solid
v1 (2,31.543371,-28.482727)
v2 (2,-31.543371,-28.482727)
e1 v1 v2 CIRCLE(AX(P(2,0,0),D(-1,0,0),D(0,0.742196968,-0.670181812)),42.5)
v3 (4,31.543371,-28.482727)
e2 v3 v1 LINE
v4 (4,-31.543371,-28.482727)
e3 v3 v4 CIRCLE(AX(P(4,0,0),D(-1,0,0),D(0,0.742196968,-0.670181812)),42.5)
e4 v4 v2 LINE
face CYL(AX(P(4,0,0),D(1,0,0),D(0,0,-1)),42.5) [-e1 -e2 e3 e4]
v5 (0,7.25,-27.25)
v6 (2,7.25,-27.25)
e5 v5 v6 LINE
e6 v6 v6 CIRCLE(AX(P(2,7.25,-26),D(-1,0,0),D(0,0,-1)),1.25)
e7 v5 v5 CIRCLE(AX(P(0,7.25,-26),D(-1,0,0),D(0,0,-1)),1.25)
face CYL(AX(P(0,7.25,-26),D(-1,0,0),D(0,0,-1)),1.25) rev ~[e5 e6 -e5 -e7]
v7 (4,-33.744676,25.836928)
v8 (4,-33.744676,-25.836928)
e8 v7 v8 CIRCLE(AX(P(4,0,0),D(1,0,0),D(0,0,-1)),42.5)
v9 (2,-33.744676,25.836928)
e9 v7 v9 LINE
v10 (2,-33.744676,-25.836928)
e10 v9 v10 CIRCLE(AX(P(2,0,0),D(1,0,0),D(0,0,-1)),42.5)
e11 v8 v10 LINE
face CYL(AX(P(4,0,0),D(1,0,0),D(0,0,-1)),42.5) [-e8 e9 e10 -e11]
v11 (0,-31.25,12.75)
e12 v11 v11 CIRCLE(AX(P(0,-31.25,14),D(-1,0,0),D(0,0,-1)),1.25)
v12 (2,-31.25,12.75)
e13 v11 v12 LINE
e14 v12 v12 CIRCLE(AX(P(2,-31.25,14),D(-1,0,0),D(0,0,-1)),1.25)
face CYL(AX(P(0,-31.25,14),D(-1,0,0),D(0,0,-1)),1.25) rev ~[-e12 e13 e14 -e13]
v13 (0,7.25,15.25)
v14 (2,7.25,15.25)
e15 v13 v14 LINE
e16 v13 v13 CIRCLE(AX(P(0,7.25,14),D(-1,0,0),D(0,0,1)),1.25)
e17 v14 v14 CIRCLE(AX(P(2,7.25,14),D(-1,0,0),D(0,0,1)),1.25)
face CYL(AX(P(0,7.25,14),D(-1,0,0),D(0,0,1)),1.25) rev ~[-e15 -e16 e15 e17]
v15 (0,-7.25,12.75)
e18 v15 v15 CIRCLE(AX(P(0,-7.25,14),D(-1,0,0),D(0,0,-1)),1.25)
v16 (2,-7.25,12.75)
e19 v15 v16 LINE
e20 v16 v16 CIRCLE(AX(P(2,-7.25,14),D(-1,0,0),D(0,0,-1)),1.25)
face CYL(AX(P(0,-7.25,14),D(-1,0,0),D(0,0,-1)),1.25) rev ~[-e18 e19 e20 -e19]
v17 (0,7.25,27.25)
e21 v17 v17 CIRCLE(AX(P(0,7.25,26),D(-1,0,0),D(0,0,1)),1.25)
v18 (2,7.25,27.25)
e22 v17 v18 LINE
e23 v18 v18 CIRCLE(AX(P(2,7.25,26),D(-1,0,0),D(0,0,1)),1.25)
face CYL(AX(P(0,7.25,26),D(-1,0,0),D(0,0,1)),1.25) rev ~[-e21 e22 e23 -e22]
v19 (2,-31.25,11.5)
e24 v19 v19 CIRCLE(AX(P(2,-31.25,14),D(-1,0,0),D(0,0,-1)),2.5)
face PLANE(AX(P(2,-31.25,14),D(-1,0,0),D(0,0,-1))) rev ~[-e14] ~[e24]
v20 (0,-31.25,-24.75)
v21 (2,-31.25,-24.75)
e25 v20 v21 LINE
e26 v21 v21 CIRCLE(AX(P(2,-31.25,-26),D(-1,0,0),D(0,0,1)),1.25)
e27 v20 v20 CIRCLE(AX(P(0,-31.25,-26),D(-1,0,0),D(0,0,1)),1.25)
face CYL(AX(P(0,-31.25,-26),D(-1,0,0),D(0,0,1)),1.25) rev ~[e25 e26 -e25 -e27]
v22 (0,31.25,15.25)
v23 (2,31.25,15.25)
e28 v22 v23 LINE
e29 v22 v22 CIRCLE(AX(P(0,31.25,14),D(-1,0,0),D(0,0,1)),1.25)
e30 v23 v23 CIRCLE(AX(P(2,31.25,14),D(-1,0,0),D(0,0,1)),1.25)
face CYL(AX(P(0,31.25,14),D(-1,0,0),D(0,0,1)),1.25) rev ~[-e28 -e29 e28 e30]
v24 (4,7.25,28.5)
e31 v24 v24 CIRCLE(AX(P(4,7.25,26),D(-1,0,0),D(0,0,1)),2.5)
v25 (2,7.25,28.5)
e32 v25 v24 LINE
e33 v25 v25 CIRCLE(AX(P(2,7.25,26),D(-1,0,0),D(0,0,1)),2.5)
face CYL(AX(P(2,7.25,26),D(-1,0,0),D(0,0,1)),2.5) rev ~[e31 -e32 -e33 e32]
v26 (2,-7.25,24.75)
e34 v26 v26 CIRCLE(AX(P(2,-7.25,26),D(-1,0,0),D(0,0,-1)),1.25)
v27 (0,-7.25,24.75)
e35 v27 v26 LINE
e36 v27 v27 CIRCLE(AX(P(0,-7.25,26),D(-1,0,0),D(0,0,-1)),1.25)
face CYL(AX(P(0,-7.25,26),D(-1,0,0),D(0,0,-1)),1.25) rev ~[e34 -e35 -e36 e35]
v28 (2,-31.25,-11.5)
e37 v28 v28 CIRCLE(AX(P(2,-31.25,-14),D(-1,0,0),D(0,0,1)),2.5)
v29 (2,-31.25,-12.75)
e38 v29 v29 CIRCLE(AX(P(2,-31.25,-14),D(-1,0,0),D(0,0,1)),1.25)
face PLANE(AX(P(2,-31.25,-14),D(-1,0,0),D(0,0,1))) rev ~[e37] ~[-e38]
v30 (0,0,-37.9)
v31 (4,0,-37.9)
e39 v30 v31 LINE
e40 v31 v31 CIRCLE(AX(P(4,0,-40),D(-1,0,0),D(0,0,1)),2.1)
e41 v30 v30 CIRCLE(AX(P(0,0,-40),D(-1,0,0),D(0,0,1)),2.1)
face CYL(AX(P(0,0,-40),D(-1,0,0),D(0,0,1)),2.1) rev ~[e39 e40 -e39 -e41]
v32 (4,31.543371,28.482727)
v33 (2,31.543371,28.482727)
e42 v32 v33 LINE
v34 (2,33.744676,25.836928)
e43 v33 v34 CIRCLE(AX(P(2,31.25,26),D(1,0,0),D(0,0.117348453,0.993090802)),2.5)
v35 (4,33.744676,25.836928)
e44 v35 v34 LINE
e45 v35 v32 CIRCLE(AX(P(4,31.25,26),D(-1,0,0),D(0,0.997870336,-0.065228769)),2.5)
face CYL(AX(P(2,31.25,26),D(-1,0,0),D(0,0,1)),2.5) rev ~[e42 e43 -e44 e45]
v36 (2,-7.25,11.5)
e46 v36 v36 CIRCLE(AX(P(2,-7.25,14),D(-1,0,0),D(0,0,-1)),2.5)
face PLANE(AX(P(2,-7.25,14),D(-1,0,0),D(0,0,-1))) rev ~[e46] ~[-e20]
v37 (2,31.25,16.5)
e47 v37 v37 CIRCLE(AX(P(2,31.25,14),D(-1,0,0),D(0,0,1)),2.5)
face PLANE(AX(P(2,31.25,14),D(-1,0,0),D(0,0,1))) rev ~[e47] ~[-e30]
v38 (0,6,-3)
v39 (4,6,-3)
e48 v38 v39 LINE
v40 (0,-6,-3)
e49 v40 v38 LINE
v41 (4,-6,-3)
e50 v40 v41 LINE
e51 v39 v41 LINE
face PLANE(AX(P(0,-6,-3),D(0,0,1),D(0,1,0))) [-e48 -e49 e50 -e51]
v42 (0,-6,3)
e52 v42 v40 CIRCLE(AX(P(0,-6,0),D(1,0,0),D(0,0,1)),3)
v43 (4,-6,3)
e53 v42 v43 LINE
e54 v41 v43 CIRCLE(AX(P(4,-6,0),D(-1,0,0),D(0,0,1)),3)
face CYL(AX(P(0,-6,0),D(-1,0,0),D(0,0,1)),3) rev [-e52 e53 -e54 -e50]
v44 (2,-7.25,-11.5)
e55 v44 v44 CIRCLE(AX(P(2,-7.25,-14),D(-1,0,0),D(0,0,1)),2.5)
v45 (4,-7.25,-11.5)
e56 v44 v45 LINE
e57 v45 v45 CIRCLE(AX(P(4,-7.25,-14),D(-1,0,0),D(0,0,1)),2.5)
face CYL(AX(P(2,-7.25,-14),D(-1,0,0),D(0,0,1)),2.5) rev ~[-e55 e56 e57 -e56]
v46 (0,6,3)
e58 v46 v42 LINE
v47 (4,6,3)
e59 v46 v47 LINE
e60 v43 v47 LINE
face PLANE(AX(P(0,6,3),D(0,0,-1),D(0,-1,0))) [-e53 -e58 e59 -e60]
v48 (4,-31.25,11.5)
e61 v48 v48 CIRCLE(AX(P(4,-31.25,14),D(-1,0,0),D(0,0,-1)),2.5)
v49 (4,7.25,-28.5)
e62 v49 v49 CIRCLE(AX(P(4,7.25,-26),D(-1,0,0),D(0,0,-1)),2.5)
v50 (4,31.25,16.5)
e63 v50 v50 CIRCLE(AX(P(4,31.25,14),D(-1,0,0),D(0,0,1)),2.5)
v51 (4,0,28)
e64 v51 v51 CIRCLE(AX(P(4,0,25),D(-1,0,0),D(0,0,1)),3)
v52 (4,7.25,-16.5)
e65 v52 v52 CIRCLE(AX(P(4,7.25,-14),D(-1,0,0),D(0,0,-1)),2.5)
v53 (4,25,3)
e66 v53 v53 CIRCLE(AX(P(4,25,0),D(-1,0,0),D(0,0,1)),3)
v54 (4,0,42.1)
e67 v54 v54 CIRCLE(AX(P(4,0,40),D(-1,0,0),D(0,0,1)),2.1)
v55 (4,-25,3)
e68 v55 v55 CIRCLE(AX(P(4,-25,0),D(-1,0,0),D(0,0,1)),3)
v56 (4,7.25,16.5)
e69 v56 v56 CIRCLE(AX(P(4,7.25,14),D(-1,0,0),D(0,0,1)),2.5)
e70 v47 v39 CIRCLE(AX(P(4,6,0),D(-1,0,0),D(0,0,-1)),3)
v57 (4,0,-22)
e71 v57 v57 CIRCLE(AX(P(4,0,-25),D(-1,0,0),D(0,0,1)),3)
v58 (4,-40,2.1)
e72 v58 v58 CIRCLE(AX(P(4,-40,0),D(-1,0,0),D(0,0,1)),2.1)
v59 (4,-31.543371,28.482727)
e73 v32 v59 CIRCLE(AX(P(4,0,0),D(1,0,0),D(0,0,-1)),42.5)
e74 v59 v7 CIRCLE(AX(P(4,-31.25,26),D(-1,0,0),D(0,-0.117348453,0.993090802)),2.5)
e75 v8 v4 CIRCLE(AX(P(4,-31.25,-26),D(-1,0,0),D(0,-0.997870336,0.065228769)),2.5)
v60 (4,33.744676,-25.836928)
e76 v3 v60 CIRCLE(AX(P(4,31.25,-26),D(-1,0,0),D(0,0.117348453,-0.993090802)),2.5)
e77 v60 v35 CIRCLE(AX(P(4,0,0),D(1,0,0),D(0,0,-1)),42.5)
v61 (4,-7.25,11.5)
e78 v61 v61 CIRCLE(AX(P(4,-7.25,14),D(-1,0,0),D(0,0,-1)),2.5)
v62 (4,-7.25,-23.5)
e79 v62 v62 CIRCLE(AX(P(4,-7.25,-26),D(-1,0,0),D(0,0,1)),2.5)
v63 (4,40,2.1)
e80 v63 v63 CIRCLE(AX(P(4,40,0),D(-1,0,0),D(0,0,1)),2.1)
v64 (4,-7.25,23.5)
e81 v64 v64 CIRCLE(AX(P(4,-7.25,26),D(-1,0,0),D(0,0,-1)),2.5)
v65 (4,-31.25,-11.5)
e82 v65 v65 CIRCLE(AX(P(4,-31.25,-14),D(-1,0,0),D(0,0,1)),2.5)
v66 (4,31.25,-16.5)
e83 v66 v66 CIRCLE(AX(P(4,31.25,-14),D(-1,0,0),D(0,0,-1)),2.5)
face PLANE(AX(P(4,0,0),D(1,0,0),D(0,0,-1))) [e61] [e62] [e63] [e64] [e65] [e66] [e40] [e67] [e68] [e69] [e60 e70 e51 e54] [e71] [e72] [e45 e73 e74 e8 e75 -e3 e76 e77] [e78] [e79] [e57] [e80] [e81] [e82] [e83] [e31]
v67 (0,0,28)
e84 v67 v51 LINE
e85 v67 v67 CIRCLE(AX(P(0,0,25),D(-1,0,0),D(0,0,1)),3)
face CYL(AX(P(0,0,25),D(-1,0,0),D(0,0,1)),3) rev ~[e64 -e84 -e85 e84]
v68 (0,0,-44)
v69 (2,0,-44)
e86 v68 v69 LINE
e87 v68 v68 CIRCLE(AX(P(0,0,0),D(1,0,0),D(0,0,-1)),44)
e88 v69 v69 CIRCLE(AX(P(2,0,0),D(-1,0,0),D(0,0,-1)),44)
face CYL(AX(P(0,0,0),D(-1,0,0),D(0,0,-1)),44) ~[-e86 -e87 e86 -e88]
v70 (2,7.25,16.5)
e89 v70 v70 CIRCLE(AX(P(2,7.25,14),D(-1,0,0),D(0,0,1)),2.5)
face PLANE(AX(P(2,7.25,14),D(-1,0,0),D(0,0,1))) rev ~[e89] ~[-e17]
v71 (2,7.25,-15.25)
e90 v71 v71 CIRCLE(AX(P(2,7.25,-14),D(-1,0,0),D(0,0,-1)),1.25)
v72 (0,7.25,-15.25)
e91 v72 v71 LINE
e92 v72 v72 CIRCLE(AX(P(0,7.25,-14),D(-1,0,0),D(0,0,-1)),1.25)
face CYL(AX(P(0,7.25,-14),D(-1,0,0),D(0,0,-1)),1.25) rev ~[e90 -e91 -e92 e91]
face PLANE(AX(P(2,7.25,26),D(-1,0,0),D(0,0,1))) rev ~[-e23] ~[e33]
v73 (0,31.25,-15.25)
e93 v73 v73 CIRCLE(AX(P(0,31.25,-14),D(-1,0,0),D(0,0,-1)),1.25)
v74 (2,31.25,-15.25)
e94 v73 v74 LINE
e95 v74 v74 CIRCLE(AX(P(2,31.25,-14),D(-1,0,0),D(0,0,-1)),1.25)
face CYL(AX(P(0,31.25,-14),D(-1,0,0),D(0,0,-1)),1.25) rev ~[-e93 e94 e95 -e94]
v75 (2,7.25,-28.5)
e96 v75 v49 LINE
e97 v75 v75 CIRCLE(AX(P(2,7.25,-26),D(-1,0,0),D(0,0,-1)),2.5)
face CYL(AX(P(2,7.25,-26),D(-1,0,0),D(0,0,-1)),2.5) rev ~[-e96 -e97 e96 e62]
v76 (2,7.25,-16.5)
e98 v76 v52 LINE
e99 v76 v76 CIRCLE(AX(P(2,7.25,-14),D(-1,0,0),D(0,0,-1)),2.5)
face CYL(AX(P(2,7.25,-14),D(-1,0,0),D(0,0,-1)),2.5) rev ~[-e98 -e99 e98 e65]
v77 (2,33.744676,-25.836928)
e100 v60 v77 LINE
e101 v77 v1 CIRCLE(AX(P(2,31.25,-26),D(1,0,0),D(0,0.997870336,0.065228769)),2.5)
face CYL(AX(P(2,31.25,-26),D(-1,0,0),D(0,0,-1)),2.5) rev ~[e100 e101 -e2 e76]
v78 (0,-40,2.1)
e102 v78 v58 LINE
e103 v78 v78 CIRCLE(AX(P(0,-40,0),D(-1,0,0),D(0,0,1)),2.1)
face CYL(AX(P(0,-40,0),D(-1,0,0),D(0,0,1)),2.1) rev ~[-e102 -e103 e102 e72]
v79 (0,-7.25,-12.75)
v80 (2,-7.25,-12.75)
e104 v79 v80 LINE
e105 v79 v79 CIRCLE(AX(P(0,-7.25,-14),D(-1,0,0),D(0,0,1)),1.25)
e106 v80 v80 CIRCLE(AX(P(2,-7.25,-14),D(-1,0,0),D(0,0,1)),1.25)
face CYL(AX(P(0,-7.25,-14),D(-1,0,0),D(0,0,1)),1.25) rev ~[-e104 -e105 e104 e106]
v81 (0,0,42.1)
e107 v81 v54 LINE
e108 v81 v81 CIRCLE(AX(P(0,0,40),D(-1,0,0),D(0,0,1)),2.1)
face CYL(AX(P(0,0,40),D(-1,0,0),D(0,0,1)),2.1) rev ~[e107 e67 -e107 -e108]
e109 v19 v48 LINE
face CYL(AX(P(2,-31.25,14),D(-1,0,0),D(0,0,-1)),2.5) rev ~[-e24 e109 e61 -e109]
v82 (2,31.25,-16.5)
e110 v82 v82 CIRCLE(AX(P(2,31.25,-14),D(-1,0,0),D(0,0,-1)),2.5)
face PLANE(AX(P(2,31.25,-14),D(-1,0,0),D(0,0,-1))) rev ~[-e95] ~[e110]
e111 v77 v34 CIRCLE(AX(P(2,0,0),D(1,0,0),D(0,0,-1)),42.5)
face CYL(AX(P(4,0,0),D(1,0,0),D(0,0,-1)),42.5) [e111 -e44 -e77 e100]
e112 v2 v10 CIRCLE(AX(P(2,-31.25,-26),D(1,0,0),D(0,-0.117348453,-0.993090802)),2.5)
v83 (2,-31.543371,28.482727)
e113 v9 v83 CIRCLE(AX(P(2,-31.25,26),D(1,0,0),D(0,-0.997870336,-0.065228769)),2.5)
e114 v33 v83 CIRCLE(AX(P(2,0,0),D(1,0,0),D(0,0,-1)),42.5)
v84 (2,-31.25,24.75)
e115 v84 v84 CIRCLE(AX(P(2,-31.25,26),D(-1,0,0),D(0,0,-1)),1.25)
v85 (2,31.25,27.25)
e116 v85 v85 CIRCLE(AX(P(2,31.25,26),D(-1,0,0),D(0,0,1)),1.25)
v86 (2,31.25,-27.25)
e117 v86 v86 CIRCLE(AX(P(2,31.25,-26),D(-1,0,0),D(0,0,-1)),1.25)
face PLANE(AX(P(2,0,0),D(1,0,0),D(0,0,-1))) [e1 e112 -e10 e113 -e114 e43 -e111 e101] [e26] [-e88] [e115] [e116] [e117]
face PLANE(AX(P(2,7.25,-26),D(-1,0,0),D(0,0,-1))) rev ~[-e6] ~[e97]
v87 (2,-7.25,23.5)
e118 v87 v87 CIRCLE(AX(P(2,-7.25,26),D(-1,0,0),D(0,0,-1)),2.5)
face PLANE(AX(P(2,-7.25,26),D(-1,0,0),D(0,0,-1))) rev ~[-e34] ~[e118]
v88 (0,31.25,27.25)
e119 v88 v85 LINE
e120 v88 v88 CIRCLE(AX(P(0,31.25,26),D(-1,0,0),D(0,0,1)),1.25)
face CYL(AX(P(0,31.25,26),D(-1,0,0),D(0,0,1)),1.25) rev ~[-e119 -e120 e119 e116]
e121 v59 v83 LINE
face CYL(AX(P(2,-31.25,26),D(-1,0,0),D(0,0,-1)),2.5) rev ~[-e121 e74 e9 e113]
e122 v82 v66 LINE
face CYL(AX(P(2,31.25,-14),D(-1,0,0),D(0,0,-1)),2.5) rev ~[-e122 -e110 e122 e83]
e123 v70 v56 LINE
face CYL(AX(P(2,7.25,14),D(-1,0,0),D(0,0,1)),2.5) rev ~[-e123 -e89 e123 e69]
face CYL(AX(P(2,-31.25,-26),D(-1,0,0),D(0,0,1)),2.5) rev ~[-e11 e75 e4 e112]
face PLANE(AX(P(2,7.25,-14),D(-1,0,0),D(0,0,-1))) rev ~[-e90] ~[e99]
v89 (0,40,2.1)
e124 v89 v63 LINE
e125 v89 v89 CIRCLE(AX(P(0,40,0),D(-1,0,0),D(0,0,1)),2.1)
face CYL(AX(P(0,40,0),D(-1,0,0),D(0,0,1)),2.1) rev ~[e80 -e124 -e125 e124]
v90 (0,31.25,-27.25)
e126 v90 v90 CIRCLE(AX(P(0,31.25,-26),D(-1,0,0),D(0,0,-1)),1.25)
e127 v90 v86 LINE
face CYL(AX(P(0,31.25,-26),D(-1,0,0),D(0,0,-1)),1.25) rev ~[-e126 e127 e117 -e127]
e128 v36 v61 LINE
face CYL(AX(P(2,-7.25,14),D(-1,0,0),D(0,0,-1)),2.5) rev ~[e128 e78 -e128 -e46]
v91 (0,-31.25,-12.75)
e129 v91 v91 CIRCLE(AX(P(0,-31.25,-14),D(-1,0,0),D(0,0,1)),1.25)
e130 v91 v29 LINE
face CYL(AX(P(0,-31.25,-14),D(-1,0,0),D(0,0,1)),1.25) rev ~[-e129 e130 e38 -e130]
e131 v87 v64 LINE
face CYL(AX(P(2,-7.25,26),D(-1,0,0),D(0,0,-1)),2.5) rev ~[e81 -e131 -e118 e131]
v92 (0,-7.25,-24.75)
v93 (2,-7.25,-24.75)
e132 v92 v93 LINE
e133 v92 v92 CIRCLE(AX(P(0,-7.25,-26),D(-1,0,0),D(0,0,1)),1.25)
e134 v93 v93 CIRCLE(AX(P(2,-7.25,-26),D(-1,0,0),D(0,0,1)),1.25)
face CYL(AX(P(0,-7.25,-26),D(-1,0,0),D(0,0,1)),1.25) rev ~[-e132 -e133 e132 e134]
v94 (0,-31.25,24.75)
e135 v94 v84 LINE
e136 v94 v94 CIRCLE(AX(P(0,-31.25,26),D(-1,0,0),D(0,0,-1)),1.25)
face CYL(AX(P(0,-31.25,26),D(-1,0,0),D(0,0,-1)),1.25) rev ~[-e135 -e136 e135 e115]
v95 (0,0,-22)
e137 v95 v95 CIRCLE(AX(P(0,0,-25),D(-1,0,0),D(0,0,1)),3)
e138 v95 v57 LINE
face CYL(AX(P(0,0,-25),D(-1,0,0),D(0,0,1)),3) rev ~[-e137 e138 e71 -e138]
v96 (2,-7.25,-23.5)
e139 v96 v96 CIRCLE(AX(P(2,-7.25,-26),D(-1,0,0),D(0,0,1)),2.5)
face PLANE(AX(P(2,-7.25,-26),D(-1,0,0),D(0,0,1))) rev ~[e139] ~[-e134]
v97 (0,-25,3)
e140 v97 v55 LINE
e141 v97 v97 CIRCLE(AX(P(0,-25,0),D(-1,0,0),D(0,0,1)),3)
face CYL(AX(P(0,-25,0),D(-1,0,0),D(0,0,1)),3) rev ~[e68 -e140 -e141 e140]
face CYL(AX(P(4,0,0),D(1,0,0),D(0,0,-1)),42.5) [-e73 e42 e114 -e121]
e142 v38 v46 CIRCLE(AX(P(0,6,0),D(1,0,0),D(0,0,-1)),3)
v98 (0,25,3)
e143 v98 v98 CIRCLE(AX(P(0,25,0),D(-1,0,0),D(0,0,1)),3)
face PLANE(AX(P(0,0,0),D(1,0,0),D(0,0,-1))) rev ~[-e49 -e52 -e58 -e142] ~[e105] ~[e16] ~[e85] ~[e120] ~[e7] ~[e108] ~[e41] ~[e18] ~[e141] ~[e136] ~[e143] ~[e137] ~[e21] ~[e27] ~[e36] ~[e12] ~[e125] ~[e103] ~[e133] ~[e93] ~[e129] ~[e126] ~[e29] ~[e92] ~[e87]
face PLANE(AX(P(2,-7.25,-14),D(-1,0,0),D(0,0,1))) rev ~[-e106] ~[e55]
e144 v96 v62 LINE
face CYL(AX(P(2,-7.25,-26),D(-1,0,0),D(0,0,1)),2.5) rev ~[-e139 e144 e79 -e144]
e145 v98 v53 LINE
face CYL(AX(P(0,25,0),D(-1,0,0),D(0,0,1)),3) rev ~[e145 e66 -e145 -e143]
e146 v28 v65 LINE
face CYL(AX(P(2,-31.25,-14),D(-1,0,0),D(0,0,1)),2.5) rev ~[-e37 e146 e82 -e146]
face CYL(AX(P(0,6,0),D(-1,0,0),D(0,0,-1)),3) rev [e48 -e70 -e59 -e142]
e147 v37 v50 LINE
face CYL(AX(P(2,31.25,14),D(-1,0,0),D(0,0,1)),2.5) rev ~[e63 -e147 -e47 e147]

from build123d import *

# Parameters (mm, degrees)
CROQUIS1_R              = 44
SALIENTE_EXTRUIR1_DEPTH = 4
CROQUIS2_R              = 1.25
CORTAR_EXTRUIR2_DEPTH   = 63.353829072
CORTAR_EXTRUIR3_START   = -2
CROQUIS3_R              = 2.5
CORTAR_EXTRUIR3_DEPTH   = 61.353829072
CROQUIS4_R              = 3
CORTAR_EXTRUIR4_DEPTH   = 63.353829072
CROQUIS5_OUTSIDE_W      = 114.904
CROQUIS5_OUTSIDE_H      = 114.904
CROQUIS5_OUTSIDE_R      = 42.5
CORTAR_EXTRUIR5_DEPTH   = 2
CROQUIS6_R              = 2.1
CORTAR_EXTRUIR6_DEPTH   = 63.353829072


with BuildPart() as part:
    # Croquis1 → Saliente-Extruir1 (new body)
    with BuildSketch(Plane(origin=(0, 0, 0), x_dir=(0, 0, -1), z_dir=(1, 0, 0))):
        Circle(CROQUIS1_R)
    extrude(amount=SALIENTE_EXTRUIR1_DEPTH)

    # Croquis2 → Cortar-Extruir2 (cut, through all)
    with BuildSketch(Plane.ZY):
        with Locations((14, 7.25)):
            Circle(CROQUIS2_R)
        with Locations((26, 7.25)):
            Circle(CROQUIS2_R)
        with Locations((26, 31.25)):
            Circle(CROQUIS2_R)
        with Locations((14, 31.25)):
            Circle(CROQUIS2_R)
        with Locations(Location((-26, 31.25, 0), (0, 0, 180))):
            Circle(CROQUIS2_R)
        with Locations(Location((-14, 31.25, 0), (0, 0, 180))):
            Circle(CROQUIS2_R)
        with Locations(Location((-26, 7.25, 0), (0, 0, 180))):
            Circle(CROQUIS2_R)
        with Locations(Location((-14, 7.25, 0), (0, 0, 180))):
            Circle(CROQUIS2_R)
        with Locations((-14, -7.25)):
            Circle(CROQUIS2_R)
        with Locations((-26, -7.25)):
            Circle(CROQUIS2_R)
        with Locations((-14, -31.25)):
            Circle(CROQUIS2_R)
        with Locations((-26, -31.25)):
            Circle(CROQUIS2_R)
        with Locations(Location((14, -31.25, 0), (0, 0, 180))):
            Circle(CROQUIS2_R)
        with Locations(Location((26, -31.25, 0), (0, 0, 180))):
            Circle(CROQUIS2_R)
        with Locations(Location((26, -7.25, 0), (0, 0, 180))):
            Circle(CROQUIS2_R)
        with Locations(Location((14, -7.25, 0), (0, 0, 180))):
            Circle(CROQUIS2_R)
    extrude(amount=-CORTAR_EXTRUIR2_DEPTH, mode=Mode.SUBTRACT)

    # Croquis3 → Cortar-Extruir3 (cut, through all)
    with BuildSketch(Plane.ZY.offset(CORTAR_EXTRUIR3_START)):
        with Locations((14, 7.25)):
            Circle(CROQUIS3_R)
        with Locations((26, 7.25)):
            Circle(CROQUIS3_R)
        with Locations((26, 31.25)):
            Circle(CROQUIS3_R)
        with Locations((14, 31.25)):
            Circle(CROQUIS3_R)
        with Locations(Location((-26, 31.25, 0), (0, 0, 180))):
            Circle(CROQUIS3_R)
        with Locations(Location((-14, 31.25, 0), (0, 0, 180))):
            Circle(CROQUIS3_R)
        with Locations(Location((-26, 7.25, 0), (0, 0, 180))):
            Circle(CROQUIS3_R)
        with Locations(Location((-14, 7.25, 0), (0, 0, 180))):
            Circle(CROQUIS3_R)
        with Locations((-14, -7.25)):
            Circle(CROQUIS3_R)
        with Locations((-26, -7.25)):
            Circle(CROQUIS3_R)
        with Locations((-14, -31.25)):
            Circle(CROQUIS3_R)
        with Locations((-26, -31.25)):
            Circle(CROQUIS3_R)
        with Locations(Location((14, -31.25, 0), (0, 0, 180))):
            Circle(CROQUIS3_R)
        with Locations(Location((26, -31.25, 0), (0, 0, 180))):
            Circle(CROQUIS3_R)
        with Locations(Location((26, -7.25, 0), (0, 0, 180))):
            Circle(CROQUIS3_R)
        with Locations(Location((14, -7.25, 0), (0, 0, 180))):
            Circle(CROQUIS3_R)
    extrude(amount=-CORTAR_EXTRUIR3_DEPTH, mode=Mode.SUBTRACT)

    # Croquis4 → Cortar-Extruir4 (cut, through all)
    with BuildSketch(Plane.ZY):
        with Locations((0, 25)):
            Circle(CROQUIS4_R)
        with Locations((25, 0)):
            Circle(CROQUIS4_R)
        with Locations((0, -25)):
            Circle(CROQUIS4_R)
        with Locations((-25, 0)):
            Circle(CROQUIS4_R)
        with BuildLine():
            Line((3, 6), (3, -6))
            ThreePointArc((3, -6), (0, -9), (-3, -6))
            Line((-3, -6), (-3, 6))
            ThreePointArc((-3, 6), (0, 9), (3, 6))
        make_face()
    extrude(amount=-CORTAR_EXTRUIR4_DEPTH, mode=Mode.SUBTRACT)

    # Croquis5 outside → Cortar-Extruir5 (cut)
    with BuildSketch(Plane(origin=(4, 0, 0), x_dir=(0, 0, -1), z_dir=(1, 0, 0))):
        Rectangle(CROQUIS5_OUTSIDE_W, CROQUIS5_OUTSIDE_H)
        Circle(CROQUIS5_OUTSIDE_R, mode=Mode.SUBTRACT)
    extrude(amount=-CORTAR_EXTRUIR5_DEPTH, mode=Mode.SUBTRACT)

    # Croquis6 → Cortar-Extruir6 (cut, through all)
    with BuildSketch(Plane.ZY):
        with Locations((-40, 0)):
            Circle(CROQUIS6_R)
        with Locations((0, 40)):
            Circle(CROQUIS6_R)
        with Locations((40, 0)):
            Circle(CROQUIS6_R)
        with Locations((0, -40)):
            Circle(CROQUIS6_R)
    extrude(amount=-CORTAR_EXTRUIR6_DEPTH, mode=Mode.SUBTRACT)


solid = part.part
